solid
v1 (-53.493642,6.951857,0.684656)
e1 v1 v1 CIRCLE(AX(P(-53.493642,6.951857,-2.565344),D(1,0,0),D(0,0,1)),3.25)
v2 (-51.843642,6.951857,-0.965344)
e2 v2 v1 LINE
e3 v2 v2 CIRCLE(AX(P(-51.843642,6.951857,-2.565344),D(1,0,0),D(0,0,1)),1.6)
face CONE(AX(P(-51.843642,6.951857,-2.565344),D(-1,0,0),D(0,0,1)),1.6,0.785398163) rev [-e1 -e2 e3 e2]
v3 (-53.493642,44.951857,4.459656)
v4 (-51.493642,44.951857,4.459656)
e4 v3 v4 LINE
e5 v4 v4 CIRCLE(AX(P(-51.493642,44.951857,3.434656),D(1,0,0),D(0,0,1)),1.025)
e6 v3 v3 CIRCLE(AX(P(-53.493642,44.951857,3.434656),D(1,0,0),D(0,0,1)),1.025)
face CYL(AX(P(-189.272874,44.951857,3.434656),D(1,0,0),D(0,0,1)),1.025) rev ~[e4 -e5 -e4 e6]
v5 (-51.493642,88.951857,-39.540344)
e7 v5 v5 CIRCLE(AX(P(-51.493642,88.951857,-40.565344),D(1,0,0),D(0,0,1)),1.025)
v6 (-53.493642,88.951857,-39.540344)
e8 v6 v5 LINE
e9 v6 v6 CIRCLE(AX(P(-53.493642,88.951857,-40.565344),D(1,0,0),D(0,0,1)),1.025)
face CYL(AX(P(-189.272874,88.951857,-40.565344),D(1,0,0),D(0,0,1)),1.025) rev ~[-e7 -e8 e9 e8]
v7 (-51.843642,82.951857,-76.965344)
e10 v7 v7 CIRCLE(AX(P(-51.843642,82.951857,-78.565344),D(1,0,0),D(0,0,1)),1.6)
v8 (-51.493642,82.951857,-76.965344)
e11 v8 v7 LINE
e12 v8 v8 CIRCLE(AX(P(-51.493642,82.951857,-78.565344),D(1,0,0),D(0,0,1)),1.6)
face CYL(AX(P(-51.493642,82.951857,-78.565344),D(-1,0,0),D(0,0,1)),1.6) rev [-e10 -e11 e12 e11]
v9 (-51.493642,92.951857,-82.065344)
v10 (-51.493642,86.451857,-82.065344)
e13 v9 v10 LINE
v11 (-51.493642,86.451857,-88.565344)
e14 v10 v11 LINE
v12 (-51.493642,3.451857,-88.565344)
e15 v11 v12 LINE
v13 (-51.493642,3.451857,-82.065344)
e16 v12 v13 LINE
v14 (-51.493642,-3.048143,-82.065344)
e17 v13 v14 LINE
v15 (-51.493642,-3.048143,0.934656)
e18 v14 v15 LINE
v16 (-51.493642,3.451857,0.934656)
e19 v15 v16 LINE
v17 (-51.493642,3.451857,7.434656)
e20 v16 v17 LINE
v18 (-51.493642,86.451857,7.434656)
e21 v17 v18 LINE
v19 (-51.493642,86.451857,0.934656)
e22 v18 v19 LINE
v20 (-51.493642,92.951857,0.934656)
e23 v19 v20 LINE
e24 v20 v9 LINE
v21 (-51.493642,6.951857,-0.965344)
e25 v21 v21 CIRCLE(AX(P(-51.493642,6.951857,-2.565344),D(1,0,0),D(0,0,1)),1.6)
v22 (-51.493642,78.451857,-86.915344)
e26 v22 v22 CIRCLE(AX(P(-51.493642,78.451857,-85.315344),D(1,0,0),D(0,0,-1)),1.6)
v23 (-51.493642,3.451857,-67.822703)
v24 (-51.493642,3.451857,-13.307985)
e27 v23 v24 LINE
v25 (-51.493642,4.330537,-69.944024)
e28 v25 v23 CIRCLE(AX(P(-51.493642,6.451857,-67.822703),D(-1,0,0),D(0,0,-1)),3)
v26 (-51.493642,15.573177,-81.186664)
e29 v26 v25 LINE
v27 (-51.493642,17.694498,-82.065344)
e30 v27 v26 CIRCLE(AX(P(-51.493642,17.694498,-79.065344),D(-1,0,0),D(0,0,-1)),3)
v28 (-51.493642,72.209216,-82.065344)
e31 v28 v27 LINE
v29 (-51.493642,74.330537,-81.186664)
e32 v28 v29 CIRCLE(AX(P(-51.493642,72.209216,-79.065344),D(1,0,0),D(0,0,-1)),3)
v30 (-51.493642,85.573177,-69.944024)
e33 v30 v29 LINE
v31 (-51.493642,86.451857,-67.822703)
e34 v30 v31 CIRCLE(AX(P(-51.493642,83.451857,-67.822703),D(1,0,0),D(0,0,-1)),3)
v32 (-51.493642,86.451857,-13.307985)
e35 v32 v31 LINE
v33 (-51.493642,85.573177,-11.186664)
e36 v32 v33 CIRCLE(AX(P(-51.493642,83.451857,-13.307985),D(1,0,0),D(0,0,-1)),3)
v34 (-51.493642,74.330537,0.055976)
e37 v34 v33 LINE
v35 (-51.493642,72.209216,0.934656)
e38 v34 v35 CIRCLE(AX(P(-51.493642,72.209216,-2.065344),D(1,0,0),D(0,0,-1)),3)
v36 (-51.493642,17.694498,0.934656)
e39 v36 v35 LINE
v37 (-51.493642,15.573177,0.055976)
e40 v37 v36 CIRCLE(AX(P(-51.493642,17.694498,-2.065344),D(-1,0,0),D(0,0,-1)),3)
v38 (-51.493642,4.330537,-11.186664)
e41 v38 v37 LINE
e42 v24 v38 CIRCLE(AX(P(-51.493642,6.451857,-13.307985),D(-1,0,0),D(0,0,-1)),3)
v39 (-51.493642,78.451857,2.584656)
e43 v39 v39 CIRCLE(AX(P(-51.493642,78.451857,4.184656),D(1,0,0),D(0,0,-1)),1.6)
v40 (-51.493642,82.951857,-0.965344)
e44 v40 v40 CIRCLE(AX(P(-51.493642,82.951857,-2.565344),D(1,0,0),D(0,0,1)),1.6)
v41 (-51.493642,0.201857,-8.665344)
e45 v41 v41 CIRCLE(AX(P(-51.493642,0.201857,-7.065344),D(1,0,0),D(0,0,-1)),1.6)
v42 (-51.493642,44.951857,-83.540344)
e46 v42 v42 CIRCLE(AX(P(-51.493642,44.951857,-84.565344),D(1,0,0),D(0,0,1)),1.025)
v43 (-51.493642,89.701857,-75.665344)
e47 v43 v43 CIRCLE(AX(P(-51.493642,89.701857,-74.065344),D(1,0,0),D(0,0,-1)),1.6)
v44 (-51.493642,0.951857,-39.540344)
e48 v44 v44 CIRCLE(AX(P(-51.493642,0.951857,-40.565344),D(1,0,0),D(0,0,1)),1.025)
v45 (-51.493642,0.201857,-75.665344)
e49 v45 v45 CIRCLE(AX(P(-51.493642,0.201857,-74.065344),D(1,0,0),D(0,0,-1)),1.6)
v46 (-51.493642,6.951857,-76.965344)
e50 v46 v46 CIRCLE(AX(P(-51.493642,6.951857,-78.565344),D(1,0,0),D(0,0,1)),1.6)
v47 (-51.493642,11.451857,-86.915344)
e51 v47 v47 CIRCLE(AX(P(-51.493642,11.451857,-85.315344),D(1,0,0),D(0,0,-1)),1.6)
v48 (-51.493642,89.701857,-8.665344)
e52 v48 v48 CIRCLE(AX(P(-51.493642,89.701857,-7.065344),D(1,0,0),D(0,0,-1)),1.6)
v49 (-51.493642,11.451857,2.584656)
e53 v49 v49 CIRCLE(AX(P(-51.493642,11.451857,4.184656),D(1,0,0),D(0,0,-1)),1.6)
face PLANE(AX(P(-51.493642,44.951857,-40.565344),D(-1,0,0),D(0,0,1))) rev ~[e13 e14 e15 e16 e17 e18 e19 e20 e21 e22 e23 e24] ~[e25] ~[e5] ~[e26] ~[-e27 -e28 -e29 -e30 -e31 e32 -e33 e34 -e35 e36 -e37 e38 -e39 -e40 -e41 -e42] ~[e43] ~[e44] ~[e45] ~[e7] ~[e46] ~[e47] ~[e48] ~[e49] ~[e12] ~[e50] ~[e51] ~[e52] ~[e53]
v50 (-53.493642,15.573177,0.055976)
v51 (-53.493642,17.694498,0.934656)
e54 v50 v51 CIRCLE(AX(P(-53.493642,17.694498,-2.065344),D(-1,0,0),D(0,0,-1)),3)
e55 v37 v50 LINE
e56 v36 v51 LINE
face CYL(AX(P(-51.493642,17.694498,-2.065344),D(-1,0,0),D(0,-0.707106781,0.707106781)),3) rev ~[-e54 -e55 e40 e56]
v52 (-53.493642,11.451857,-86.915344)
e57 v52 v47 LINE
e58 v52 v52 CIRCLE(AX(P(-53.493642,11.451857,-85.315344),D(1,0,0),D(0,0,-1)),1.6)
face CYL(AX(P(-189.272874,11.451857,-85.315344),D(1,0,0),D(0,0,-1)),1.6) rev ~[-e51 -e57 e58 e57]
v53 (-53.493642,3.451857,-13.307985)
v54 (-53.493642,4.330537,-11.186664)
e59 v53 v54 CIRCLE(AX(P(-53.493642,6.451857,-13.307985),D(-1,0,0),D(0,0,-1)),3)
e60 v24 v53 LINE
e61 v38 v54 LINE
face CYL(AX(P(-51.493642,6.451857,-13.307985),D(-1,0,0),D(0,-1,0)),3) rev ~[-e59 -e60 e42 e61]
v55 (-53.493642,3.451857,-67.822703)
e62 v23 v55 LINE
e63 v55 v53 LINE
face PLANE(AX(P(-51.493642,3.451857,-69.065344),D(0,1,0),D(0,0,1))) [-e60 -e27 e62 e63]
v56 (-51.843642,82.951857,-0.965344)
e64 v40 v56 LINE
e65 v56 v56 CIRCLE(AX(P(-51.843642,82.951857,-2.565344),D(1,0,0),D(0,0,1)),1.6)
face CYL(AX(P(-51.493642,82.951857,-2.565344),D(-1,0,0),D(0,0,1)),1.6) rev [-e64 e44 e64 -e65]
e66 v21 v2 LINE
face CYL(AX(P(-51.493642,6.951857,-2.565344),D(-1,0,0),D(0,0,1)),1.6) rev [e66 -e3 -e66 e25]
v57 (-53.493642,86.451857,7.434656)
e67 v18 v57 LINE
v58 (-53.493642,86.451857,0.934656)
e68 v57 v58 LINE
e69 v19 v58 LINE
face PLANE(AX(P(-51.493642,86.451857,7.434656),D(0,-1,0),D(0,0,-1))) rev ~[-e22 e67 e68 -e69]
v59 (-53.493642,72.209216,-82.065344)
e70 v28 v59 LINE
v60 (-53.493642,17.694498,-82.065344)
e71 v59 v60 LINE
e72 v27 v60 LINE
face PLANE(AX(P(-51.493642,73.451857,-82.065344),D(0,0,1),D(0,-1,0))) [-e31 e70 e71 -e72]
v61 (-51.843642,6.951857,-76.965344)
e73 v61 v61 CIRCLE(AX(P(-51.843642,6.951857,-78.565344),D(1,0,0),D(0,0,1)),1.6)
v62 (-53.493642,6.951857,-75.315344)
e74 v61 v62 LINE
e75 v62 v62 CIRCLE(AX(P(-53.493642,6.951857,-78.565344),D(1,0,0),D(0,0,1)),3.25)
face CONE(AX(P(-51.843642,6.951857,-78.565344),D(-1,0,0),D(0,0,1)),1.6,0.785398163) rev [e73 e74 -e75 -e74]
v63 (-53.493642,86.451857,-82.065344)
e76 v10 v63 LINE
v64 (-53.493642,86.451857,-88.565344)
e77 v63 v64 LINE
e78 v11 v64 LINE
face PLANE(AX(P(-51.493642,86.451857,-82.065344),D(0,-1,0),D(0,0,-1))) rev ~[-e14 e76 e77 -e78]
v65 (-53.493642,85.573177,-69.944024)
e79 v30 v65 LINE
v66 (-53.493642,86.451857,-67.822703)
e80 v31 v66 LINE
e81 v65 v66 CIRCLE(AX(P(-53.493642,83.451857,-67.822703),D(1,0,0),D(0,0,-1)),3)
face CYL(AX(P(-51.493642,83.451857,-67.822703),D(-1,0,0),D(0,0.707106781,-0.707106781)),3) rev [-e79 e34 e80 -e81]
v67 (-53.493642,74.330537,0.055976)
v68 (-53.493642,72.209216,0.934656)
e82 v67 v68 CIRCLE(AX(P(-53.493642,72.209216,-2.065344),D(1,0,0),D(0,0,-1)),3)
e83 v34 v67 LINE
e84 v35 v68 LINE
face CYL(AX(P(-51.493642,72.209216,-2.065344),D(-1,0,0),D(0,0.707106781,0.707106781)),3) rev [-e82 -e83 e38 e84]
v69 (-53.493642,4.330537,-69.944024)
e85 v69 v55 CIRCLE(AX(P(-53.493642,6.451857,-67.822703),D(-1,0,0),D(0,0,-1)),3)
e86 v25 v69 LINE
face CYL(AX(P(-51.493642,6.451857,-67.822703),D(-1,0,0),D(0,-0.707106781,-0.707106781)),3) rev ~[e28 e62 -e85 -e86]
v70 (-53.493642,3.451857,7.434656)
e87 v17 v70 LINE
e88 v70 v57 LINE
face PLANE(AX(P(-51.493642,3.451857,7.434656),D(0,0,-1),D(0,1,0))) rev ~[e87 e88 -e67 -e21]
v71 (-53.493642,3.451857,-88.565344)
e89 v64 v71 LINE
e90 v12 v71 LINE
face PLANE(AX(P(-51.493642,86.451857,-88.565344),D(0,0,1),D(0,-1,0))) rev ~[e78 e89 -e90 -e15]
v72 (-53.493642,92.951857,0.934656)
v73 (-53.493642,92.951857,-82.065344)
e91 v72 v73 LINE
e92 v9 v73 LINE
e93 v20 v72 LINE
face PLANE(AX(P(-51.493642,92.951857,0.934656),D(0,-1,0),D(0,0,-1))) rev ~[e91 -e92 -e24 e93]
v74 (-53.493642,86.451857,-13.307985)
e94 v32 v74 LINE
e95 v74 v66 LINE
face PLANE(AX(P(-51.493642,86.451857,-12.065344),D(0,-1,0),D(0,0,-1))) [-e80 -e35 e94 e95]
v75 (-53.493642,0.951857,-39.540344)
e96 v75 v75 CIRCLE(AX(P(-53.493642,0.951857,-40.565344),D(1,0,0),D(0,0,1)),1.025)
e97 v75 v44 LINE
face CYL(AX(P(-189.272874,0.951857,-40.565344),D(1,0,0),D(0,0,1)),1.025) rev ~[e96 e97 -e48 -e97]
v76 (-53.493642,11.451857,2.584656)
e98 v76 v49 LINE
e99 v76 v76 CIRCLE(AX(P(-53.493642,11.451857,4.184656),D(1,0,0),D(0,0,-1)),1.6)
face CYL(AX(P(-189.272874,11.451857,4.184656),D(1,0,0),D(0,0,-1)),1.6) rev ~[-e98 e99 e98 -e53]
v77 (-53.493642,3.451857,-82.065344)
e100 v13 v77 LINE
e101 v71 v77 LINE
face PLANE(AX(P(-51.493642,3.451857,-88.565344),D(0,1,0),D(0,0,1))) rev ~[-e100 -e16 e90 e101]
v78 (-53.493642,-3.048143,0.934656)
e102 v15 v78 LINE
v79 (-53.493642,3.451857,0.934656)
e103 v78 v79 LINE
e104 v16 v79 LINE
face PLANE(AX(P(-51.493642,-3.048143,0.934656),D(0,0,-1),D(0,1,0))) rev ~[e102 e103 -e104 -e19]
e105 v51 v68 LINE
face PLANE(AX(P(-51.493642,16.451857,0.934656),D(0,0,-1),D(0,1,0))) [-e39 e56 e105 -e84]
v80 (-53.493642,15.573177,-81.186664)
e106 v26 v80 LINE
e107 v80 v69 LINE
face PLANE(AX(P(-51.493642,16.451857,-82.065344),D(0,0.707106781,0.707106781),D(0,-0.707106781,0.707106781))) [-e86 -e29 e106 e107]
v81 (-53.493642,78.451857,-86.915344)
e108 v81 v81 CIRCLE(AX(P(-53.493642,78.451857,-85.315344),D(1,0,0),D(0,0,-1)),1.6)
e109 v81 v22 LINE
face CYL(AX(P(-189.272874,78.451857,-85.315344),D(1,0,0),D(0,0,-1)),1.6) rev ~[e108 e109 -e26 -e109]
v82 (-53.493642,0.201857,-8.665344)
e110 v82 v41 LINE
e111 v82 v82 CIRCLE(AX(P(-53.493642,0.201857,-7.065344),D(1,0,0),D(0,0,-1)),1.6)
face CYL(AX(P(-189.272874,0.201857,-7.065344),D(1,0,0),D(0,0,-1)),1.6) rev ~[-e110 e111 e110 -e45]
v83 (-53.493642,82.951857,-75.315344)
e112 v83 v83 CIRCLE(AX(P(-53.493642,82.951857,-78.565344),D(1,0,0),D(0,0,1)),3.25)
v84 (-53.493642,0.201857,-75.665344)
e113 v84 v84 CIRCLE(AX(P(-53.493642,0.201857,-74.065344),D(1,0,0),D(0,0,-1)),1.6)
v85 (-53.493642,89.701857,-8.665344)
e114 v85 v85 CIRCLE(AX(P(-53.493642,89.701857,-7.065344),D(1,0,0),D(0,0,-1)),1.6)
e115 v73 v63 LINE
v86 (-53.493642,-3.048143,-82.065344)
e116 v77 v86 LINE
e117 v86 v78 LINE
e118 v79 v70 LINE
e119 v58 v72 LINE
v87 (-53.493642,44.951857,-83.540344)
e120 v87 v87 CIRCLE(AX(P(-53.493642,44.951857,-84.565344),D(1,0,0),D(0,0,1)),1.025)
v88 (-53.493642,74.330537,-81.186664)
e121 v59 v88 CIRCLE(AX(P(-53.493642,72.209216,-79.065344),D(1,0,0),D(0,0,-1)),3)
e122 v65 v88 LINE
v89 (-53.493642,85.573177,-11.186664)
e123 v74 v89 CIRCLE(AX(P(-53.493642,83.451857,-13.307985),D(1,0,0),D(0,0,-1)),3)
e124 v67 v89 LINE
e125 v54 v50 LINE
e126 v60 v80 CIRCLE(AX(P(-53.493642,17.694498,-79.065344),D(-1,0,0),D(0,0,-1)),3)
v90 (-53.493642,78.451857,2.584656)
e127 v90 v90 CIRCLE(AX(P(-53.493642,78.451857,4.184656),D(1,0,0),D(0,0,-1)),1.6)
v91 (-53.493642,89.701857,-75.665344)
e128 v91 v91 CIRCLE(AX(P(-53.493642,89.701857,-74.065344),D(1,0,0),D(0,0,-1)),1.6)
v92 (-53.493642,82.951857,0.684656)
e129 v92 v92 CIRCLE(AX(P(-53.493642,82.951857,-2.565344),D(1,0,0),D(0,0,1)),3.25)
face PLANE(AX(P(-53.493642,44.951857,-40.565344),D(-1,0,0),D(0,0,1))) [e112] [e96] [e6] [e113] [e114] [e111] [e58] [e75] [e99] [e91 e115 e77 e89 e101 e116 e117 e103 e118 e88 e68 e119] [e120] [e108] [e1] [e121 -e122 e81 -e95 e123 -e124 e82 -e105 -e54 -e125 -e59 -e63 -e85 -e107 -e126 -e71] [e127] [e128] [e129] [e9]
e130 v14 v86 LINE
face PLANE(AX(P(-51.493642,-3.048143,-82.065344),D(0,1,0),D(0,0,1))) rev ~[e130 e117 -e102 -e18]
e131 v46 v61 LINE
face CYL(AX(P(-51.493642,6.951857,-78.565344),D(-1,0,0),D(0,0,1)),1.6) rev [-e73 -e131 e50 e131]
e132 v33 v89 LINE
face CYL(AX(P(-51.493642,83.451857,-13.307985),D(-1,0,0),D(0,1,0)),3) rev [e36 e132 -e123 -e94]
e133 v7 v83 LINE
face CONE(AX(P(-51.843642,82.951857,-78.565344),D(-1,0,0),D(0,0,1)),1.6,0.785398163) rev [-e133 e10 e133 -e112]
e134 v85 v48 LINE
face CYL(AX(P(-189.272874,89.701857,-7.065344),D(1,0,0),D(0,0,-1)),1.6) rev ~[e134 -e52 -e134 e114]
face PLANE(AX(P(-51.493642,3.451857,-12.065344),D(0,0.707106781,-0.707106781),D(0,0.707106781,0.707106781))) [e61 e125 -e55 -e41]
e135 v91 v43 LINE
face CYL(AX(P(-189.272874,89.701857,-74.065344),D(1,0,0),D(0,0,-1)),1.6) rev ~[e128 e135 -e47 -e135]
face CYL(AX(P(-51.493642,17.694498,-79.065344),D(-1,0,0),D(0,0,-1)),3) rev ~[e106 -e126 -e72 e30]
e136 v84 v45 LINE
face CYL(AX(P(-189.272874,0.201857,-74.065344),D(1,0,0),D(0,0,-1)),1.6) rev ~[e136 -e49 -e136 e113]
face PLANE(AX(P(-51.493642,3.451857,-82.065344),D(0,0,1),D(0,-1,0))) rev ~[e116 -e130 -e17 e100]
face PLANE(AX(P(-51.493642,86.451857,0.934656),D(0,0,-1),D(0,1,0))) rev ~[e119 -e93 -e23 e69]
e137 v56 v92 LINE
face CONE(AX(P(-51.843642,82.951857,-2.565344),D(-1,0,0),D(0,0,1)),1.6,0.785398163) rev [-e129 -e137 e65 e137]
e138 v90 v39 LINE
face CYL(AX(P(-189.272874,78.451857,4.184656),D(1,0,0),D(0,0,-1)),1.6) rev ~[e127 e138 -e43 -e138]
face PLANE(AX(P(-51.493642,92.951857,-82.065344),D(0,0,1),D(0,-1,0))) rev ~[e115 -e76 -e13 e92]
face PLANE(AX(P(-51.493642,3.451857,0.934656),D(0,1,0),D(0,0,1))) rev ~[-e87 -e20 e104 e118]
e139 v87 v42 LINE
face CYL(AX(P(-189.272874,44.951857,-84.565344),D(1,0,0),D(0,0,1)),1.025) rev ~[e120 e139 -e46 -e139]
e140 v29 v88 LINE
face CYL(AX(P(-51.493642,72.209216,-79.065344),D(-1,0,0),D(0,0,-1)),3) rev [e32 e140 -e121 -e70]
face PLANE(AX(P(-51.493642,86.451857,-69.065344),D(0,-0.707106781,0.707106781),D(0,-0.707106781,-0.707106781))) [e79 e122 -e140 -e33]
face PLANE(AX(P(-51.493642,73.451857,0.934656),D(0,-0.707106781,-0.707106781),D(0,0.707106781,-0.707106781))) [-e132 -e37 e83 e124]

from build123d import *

# Parameters (mm, degrees)
BOSS_EXTRUDE2_DEPTH                          = 2
F_3_2_3_2_DIAMETER_HOLE3_D                   = 3.2
CSK_FOR_M3_FLAT_COUNTERSUNK_HEAD_SCR_2_COUNT = 2
CSK_FOR_M3_FLAT_COUNTERSUNK_HEAD_SCR_2_PITCH = 76
CSK_FOR_M3_FLAT_COUNTERSUNK_HEAD_SCR_3_COUNT = 2
CSK_FOR_M3_FLAT_COUNTERSUNK_HEAD_SCR_3_PITCH = 107.48023074
CSK_FOR_M3_FLAT_COUNTERSUNK_HEAD_SCR_4_COUNT = 2
CSK_FOR_M3_FLAT_COUNTERSUNK_HEAD_SCR_4_PITCH = 76
M2_5X0_45_TAPPED_HOLE1_D                     = 2.05
FILLET1_R                                    = 3


with BuildPart() as part:
    # Sketch2 → Boss-Extrude2 (new body)
    with BuildSketch(Plane.ZY.offset(51.493641502)):
        Polygon((0.93465612, 3.45185693), (7.43465612, 3.45185693), (7.43465612, 86.45185693), (0.93465612, 86.45185693), (0.93465612, 92.95185693), (-82.06534388, 92.95185693), (-82.06534388, 86.45185693), (-88.56534388, 86.45185693), (-88.56534388, 3.45185693), (-82.06534388, 3.45185693), (-82.06534388, -3.04814307), (0.93465612, -3.04814307), align=None)
        Polygon((-82.06534388, 73.45185693), (-82.06534388, 16.45185693), (-69.06534388, 3.45185693), (-12.06534388, 3.45185693), (0.93465612, 16.45185693), (0.93465612, 73.45185693), (-12.06534388, 86.45185693), (-69.06534388, 86.45185693), align=None, mode=Mode.SUBTRACT)
    extrude(amount=BOSS_EXTRUDE2_DEPTH)

    # Ø3.2 (3.2) Diameter Hole3 (through all)
    with Locations(Plane.ZY.offset(53.493641502)):
        with Locations((-74.06534388, 0.20185693), (-85.31534388, 11.45185693), (-85.31534388, 78.45185693), (-74.06534388, 89.70185693), (-7.06534388, 89.70185693), (4.18465612, 78.45185693), (4.18465612, 11.45185693), (-7.06534388, 0.20185693)):
            Hole(F_3_2_3_2_DIAMETER_HOLE3_D / 2)

    # Sketch24 → CSK for M3 Flat Countersunk Head Screw5 (revolve, cut)
    with BuildSketch(Plane(origin=(-53.493641502, 6.95185693, -78.56534388), x_dir=(0, 0, 1), z_dir=(0, 1, 0))):
        Polygon((0, 0), (0, 2), (1.6, 2), (1.6, 1.65), (3.25, 0), align=None)
    csk_for_m3_flat_countersunk_head_screw5 = revolve(axis=Axis((-59.843641502, 6.95185693, -78.56534388), (1, 0, 0)), mode=Mode.SUBTRACT)

    # CSK for M3 Flat Countersunk Head Scr 2: CSK for M3 Flat Countersunk Head Screw5 ×2
    with Locations(*[(0, i * CSK_FOR_M3_FLAT_COUNTERSUNK_HEAD_SCR_2_PITCH, 0) for i in range(1, CSK_FOR_M3_FLAT_COUNTERSUNK_HEAD_SCR_2_COUNT)]):
        add(csk_for_m3_flat_countersunk_head_screw5, mode=Mode.SUBTRACT)

    # CSK for M3 Flat Countersunk Head Scr 3: CSK for M3 Flat Countersunk Head Screw5 ×2
    with Locations(*[Vector(0, 0.7071067811865478, 0.7071067811865472) * (i * CSK_FOR_M3_FLAT_COUNTERSUNK_HEAD_SCR_3_PITCH) for i in range(1, CSK_FOR_M3_FLAT_COUNTERSUNK_HEAD_SCR_3_COUNT)]):
        add(csk_for_m3_flat_countersunk_head_screw5, mode=Mode.SUBTRACT)

    # CSK for M3 Flat Countersunk Head Scr 4: CSK for M3 Flat Countersunk Head Screw5 ×2
    with Locations(*[(0, 0, i * CSK_FOR_M3_FLAT_COUNTERSUNK_HEAD_SCR_4_PITCH) for i in range(1, CSK_FOR_M3_FLAT_COUNTERSUNK_HEAD_SCR_4_COUNT)]):
        add(csk_for_m3_flat_countersunk_head_screw5, mode=Mode.SUBTRACT)

    # M2.5x0.45 Tapped Hole1 (through all)
    with Locations(Plane(origin=(-53.493641502, 88.95185693, -40.56534388), x_dir=(0, 0, -1), z_dir=(-1, 0, 0))):
        with Locations((0, 0), (44, 44), (0, 88), (-44, 44)):
            Hole(M2_5X0_45_TAPPED_HOLE1_D / 2)

    # Fillet1
    fillet1_edges = [part.edges().sort_by_distance(p)[0] for p in [
        (-52.493641502, 86.45185693, -69.06534388),
        (-52.493641502, 73.45185693, -82.06534388),
        (-52.493641502, 16.45185693, -82.06534388),
        (-52.493641502, 3.45185693, -69.06534388),
        (-52.493641502, 3.45185693, -12.06534388),
        (-52.493641502, 16.45185693, 0.93465612),
        (-52.493641502, 73.45185693, 0.93465612),
        (-52.493641502, 86.45185693, -12.06534388),
    ]]
    fillet(fillet1_edges, radius=FILLET1_R)


solid = part.part
